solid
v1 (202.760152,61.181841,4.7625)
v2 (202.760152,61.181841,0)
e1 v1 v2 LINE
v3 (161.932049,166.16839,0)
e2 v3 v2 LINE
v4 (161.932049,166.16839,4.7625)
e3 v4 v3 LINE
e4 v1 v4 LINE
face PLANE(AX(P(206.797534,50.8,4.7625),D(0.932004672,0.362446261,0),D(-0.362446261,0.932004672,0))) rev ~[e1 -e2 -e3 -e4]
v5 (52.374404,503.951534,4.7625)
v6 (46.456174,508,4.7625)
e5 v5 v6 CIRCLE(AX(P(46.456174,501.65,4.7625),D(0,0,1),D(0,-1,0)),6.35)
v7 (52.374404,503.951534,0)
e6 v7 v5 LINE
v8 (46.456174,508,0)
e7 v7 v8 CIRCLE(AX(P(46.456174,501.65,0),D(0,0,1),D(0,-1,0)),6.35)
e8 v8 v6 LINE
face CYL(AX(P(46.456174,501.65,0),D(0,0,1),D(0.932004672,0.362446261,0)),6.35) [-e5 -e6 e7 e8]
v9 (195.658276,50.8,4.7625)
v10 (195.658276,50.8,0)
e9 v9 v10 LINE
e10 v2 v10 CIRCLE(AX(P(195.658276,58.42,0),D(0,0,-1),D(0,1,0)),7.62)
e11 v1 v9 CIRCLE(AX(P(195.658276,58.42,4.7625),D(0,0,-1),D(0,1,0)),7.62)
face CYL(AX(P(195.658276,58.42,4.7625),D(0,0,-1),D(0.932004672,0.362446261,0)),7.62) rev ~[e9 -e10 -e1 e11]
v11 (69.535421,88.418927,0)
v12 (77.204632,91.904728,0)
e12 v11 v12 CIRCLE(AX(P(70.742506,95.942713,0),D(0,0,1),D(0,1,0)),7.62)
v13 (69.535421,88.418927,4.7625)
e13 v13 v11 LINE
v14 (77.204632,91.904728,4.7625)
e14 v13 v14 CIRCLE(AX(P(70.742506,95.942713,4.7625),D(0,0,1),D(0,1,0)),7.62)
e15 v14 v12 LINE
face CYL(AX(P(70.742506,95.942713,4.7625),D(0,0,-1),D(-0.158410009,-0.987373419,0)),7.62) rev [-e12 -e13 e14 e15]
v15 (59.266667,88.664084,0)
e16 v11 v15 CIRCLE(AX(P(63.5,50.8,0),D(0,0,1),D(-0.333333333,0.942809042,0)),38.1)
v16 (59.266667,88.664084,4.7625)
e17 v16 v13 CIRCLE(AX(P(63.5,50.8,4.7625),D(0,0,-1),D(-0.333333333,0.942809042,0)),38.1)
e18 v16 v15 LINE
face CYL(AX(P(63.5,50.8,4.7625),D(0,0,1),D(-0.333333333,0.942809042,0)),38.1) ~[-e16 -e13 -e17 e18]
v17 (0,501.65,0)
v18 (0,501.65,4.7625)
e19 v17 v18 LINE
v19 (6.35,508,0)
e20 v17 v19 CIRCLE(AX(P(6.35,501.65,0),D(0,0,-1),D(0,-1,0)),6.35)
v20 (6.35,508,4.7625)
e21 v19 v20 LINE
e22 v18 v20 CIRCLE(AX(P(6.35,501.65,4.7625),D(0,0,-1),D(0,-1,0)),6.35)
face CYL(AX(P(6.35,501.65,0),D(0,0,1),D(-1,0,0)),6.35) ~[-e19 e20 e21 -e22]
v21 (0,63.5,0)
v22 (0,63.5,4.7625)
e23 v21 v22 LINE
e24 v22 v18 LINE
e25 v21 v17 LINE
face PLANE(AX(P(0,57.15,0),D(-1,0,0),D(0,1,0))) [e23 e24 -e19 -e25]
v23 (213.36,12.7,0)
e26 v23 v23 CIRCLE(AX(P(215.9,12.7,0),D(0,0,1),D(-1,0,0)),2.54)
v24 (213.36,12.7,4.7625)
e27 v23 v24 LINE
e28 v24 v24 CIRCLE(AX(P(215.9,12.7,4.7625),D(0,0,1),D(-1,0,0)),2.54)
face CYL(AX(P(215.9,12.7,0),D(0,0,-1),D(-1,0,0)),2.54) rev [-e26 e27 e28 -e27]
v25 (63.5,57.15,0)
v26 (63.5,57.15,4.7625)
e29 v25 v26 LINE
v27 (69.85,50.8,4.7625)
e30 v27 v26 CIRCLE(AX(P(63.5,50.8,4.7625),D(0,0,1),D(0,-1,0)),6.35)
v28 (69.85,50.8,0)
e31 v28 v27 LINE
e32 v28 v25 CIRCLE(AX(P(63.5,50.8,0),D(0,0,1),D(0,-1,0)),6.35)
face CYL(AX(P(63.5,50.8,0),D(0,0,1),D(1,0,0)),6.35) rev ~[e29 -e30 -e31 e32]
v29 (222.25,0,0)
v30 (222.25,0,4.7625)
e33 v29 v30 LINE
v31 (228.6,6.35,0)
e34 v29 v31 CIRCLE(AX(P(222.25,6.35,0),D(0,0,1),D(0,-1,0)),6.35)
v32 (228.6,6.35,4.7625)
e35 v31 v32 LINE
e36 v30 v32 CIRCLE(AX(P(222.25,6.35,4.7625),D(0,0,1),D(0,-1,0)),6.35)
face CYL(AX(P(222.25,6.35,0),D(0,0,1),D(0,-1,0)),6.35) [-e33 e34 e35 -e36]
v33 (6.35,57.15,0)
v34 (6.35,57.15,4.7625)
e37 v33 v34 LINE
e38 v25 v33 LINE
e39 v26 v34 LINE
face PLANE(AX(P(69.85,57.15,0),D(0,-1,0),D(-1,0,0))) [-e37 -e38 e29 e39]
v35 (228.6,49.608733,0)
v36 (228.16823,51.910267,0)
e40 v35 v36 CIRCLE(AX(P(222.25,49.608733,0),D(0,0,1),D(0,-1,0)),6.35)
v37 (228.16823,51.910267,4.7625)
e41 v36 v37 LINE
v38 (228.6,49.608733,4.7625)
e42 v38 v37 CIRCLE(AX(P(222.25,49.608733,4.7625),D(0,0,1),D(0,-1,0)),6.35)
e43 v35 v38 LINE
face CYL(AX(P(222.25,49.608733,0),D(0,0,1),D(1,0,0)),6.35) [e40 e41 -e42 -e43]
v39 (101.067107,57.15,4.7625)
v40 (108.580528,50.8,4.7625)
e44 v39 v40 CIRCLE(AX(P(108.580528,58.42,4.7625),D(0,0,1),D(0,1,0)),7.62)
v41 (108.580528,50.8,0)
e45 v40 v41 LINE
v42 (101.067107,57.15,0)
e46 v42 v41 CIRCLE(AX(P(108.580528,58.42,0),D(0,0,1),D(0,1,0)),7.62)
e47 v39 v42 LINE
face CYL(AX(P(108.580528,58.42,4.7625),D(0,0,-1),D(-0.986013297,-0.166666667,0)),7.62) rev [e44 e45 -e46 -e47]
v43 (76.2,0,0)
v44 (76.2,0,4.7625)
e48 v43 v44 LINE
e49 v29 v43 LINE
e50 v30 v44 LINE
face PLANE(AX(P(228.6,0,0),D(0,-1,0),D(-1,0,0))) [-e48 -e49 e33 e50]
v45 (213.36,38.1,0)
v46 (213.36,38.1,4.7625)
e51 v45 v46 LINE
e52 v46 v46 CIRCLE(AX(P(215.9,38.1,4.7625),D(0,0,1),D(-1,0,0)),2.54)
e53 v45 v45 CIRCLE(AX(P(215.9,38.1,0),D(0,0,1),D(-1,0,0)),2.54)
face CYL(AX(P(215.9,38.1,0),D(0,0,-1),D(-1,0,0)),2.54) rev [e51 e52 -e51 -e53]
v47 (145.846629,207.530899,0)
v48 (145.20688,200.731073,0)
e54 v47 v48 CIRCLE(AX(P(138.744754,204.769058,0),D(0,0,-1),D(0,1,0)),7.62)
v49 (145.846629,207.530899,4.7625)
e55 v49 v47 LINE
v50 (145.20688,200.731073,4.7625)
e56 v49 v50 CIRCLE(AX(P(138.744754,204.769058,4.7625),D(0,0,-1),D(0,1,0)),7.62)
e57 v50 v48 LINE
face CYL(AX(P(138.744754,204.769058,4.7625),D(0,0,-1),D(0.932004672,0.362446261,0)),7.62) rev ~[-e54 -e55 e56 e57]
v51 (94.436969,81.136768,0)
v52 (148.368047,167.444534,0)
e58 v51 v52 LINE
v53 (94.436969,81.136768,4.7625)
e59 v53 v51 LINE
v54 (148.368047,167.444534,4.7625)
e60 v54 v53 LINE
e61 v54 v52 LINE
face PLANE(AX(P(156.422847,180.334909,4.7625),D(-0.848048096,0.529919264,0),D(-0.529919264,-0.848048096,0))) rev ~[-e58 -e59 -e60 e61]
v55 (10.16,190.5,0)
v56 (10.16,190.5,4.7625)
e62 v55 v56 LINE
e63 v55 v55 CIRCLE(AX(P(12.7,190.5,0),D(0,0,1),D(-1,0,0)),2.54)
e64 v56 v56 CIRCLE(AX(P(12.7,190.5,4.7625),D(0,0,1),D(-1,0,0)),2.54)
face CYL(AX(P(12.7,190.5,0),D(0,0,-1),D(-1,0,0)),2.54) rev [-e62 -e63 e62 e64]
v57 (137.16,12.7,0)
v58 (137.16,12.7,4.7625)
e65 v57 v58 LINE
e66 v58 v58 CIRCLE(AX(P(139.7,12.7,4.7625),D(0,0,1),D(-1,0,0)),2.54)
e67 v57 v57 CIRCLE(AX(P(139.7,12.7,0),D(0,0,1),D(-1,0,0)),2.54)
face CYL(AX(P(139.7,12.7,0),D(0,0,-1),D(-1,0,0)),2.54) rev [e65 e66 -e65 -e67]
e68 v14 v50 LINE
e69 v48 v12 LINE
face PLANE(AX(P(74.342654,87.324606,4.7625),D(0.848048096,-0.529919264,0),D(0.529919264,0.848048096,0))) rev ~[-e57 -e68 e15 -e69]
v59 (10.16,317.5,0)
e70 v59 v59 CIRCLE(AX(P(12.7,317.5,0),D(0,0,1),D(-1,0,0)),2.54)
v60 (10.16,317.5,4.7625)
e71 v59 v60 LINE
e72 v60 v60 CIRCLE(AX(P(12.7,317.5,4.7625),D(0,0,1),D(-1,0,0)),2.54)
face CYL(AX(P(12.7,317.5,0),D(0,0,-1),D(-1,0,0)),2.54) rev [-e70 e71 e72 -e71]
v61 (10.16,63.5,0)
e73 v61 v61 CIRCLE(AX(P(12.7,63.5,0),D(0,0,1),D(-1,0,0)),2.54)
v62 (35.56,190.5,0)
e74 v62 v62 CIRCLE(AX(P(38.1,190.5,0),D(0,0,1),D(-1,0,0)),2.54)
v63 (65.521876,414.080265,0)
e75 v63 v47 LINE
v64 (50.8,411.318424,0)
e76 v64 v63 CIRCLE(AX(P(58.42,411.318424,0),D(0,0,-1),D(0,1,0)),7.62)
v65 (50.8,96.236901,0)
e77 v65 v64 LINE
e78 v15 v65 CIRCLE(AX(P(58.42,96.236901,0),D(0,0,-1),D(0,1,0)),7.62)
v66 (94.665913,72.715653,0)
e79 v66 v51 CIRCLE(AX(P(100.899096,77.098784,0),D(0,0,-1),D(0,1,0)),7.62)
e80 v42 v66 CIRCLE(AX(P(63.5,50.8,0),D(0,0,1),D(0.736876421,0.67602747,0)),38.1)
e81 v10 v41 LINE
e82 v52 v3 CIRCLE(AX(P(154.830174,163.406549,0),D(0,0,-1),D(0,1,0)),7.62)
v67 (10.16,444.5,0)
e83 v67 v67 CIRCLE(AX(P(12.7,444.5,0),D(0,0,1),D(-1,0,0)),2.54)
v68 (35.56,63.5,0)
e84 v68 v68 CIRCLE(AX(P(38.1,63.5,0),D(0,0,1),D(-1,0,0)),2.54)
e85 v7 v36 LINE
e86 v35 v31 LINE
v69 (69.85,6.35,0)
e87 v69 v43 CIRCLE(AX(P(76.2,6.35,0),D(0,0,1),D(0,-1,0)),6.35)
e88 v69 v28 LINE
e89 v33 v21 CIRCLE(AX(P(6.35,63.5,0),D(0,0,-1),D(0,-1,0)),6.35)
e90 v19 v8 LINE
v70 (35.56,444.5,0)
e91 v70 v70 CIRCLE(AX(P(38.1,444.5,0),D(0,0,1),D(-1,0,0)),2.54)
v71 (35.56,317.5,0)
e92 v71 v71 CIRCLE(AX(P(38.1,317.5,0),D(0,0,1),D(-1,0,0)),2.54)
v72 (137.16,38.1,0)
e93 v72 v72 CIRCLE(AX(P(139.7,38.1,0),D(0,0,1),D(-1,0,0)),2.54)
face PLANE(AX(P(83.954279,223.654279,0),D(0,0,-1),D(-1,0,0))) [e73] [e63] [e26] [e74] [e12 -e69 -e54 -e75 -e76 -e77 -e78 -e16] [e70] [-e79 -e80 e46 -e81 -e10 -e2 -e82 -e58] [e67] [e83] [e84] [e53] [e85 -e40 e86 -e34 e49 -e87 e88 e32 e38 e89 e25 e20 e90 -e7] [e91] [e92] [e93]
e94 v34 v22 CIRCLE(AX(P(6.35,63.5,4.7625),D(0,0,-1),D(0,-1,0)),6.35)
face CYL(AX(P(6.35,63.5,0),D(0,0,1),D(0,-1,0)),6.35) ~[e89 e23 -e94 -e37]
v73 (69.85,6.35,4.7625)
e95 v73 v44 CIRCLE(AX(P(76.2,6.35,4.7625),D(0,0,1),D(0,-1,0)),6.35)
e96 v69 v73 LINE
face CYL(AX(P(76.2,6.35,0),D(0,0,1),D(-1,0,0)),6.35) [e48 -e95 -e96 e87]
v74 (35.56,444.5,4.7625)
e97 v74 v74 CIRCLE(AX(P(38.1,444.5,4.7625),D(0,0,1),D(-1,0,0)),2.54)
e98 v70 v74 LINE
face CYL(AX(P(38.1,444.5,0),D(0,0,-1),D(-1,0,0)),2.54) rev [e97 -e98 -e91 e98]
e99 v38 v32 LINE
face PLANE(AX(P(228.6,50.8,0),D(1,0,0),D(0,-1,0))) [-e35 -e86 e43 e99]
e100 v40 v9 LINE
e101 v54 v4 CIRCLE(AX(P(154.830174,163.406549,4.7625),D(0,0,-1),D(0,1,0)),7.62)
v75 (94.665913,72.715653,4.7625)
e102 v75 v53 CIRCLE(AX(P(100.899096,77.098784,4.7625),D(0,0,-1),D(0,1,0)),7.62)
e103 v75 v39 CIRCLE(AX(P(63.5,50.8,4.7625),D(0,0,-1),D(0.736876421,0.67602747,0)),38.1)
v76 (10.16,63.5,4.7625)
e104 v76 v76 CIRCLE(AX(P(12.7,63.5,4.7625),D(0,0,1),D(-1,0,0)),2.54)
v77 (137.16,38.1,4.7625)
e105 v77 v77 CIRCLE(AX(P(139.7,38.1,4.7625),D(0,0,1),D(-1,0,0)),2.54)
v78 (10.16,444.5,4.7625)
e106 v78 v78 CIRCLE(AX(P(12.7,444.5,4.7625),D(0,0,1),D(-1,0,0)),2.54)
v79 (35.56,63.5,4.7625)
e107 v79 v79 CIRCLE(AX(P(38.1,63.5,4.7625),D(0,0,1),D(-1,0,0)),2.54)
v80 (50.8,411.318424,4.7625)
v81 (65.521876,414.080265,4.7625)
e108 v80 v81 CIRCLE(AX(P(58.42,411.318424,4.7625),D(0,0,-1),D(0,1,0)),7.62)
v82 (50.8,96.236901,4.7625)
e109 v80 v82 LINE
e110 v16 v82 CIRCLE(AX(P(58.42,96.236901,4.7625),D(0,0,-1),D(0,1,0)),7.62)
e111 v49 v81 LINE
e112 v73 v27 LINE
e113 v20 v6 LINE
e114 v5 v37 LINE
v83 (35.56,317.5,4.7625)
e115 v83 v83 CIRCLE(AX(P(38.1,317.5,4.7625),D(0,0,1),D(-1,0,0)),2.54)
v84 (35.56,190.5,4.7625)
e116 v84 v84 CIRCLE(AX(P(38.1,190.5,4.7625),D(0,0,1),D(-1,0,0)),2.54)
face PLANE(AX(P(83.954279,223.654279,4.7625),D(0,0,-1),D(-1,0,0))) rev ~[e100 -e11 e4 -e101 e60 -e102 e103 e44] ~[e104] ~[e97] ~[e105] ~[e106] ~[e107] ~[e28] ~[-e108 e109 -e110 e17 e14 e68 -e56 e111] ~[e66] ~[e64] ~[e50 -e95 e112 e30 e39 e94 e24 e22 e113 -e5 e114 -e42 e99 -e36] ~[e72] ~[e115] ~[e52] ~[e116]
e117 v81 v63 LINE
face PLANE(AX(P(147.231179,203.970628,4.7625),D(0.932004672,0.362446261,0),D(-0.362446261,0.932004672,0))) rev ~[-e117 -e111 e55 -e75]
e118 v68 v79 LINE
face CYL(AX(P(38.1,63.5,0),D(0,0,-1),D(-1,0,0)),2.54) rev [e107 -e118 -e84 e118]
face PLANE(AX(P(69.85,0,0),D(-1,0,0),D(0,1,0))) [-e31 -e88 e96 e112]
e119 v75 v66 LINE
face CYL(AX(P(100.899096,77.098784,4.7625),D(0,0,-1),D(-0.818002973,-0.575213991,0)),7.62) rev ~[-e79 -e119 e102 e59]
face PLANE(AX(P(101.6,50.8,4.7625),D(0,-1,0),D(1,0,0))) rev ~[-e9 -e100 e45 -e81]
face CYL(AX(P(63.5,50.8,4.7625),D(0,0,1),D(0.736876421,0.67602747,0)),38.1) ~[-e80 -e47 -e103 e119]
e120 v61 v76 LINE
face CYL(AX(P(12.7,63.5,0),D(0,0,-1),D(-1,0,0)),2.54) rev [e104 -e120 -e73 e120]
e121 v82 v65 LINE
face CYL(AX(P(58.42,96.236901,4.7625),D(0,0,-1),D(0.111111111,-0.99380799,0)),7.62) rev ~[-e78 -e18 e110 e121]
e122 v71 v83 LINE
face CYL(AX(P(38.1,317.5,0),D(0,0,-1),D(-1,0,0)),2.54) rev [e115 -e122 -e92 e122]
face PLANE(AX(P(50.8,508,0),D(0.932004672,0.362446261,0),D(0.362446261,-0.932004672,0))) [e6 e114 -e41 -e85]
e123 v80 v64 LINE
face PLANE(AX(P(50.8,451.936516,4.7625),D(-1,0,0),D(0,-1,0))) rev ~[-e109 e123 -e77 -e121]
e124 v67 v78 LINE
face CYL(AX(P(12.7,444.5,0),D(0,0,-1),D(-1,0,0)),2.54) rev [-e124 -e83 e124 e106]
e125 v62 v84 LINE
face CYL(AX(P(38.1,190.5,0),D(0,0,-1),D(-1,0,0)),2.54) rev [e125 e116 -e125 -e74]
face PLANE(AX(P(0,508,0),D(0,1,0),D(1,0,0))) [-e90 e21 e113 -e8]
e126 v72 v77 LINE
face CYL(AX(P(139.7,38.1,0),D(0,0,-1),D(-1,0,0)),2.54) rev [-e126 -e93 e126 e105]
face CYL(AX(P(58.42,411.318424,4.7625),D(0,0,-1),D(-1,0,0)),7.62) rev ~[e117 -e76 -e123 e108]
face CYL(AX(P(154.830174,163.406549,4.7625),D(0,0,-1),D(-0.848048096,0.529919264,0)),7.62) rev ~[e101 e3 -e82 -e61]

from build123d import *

# Parameters (mm, degrees)
SKETCH1_R           = 2.54
BOSS_EXTRUDE1_DEPTH = 4.7625
FILLET1_R           = 6.35
CUT_EXTRUDE1_DEPTH  = 558.08584743
FILLET2_R           = 7.62


with BuildPart() as part:
    # Sketch1 → Boss-Extrude1 (new body)
    with BuildSketch(Plane.XY):
        Polygon((69.85, 0), (69.85, 57.15), (0, 57.15), (0, 508), (50.8, 508), (228.6, 50.8), (228.6, 0), align=None)
        with Locations(Location((12.7, 63.5, 0), (0, 0, 180))):
            Circle(SKETCH1_R, mode=Mode.SUBTRACT)
        with Locations(Location((38.1, 63.5, 0), (0, 0, 180))):
            Circle(SKETCH1_R, mode=Mode.SUBTRACT)
        with Locations(Location((38.1, 190.5, 0), (0, 0, 180))):
            Circle(SKETCH1_R, mode=Mode.SUBTRACT)
        with Locations(Location((12.7, 190.5, 0), (0, 0, 180))):
            Circle(SKETCH1_R, mode=Mode.SUBTRACT)
        with Locations(Location((38.1, 317.5, 0), (0, 0, 180))):
            Circle(SKETCH1_R, mode=Mode.SUBTRACT)
        with Locations(Location((12.7, 317.5, 0), (0, 0, 180))):
            Circle(SKETCH1_R, mode=Mode.SUBTRACT)
        with Locations(Location((139.7, 12.7, 0), (0, 0, 180))):
            Circle(SKETCH1_R, mode=Mode.SUBTRACT)
        with Locations(Location((139.7, 38.1, 0), (0, 0, 180))):
            Circle(SKETCH1_R, mode=Mode.SUBTRACT)
        with Locations(Location((215.9, 12.7, 0), (0, 0, 180))):
            Circle(SKETCH1_R, mode=Mode.SUBTRACT)
        with Locations(Location((215.9, 38.1, 0), (0, 0, 180))):
            Circle(SKETCH1_R, mode=Mode.SUBTRACT)
        with Locations(Location((38.1, 444.5, 0), (0, 0, 180))):
            Circle(SKETCH1_R, mode=Mode.SUBTRACT)
        with Locations(Location((12.7, 444.5, 0), (0, 0, 180))):
            Circle(SKETCH1_R, mode=Mode.SUBTRACT)
    extrude(amount=BOSS_EXTRUDE1_DEPTH)

    # Fillet1
    fillet1_edges = [part.edges().sort_by_distance(p)[0] for p in [
        (0, 508, 2.38125),
        (50.8, 508, 2.38125),
        (228.6, 50.8, 2.38125),
        (228.6, 0, 2.38125),
        (69.85, 0, 2.38125),
        (69.85, 57.15, 2.38125),
        (0, 57.15, 2.38125),
    ]]
    fillet(fillet1_edges, radius=FILLET1_R)

    # Sketch2 → Cut-Extrude1 (cut, through all)
    with BuildSketch(Plane.XY.offset(4.7625)):
        with BuildLine():
            ThreePointArc((91.574991646, 76.5566466), (99.005402277, 64.619421447), (101.6, 50.8))
            Line((101.6, 50.8), (206.797534175, 50.8))
            Line((206.797534175, 50.8), (156.422847293, 180.334909125))
            Line((156.422847293, 180.334909125), (91.574991646, 76.5566466))
        make_face()
        with BuildLine():
            ThreePointArc((50.8, 86.721024484), (62.523521168, 88.887484678), (74.342654332, 87.324606049))
            Line((74.342654332, 87.324606049), (147.2311787, 203.970628365))
            Line((147.2311787, 203.970628365), (50.8, 451.93651645))
            Line((50.8, 451.93651645), (50.8, 86.721024484))
        make_face()
    extrude(amount=-CUT_EXTRUDE1_DEPTH, mode=Mode.SUBTRACT)

    # Fillet2
    fillet2_edges = [part.edges().sort_by_distance(p)[0] for p in [
        (50.8, 86.721024484, 2.38125),
        (50.8, 451.93651645, 2.38125),
        (147.2311787, 203.970628365, 2.38125),
        (74.342654332, 87.324606049, 2.38125),
        (91.574991646, 76.5566466, 2.38125),
        (156.422847293, 180.334909125, 2.38125),
        (206.797534175, 50.8, 2.38125),
        (101.6, 50.8, 2.38125),
    ]]
    fillet(fillet2_edges, radius=FILLET2_R)


solid = part.part
